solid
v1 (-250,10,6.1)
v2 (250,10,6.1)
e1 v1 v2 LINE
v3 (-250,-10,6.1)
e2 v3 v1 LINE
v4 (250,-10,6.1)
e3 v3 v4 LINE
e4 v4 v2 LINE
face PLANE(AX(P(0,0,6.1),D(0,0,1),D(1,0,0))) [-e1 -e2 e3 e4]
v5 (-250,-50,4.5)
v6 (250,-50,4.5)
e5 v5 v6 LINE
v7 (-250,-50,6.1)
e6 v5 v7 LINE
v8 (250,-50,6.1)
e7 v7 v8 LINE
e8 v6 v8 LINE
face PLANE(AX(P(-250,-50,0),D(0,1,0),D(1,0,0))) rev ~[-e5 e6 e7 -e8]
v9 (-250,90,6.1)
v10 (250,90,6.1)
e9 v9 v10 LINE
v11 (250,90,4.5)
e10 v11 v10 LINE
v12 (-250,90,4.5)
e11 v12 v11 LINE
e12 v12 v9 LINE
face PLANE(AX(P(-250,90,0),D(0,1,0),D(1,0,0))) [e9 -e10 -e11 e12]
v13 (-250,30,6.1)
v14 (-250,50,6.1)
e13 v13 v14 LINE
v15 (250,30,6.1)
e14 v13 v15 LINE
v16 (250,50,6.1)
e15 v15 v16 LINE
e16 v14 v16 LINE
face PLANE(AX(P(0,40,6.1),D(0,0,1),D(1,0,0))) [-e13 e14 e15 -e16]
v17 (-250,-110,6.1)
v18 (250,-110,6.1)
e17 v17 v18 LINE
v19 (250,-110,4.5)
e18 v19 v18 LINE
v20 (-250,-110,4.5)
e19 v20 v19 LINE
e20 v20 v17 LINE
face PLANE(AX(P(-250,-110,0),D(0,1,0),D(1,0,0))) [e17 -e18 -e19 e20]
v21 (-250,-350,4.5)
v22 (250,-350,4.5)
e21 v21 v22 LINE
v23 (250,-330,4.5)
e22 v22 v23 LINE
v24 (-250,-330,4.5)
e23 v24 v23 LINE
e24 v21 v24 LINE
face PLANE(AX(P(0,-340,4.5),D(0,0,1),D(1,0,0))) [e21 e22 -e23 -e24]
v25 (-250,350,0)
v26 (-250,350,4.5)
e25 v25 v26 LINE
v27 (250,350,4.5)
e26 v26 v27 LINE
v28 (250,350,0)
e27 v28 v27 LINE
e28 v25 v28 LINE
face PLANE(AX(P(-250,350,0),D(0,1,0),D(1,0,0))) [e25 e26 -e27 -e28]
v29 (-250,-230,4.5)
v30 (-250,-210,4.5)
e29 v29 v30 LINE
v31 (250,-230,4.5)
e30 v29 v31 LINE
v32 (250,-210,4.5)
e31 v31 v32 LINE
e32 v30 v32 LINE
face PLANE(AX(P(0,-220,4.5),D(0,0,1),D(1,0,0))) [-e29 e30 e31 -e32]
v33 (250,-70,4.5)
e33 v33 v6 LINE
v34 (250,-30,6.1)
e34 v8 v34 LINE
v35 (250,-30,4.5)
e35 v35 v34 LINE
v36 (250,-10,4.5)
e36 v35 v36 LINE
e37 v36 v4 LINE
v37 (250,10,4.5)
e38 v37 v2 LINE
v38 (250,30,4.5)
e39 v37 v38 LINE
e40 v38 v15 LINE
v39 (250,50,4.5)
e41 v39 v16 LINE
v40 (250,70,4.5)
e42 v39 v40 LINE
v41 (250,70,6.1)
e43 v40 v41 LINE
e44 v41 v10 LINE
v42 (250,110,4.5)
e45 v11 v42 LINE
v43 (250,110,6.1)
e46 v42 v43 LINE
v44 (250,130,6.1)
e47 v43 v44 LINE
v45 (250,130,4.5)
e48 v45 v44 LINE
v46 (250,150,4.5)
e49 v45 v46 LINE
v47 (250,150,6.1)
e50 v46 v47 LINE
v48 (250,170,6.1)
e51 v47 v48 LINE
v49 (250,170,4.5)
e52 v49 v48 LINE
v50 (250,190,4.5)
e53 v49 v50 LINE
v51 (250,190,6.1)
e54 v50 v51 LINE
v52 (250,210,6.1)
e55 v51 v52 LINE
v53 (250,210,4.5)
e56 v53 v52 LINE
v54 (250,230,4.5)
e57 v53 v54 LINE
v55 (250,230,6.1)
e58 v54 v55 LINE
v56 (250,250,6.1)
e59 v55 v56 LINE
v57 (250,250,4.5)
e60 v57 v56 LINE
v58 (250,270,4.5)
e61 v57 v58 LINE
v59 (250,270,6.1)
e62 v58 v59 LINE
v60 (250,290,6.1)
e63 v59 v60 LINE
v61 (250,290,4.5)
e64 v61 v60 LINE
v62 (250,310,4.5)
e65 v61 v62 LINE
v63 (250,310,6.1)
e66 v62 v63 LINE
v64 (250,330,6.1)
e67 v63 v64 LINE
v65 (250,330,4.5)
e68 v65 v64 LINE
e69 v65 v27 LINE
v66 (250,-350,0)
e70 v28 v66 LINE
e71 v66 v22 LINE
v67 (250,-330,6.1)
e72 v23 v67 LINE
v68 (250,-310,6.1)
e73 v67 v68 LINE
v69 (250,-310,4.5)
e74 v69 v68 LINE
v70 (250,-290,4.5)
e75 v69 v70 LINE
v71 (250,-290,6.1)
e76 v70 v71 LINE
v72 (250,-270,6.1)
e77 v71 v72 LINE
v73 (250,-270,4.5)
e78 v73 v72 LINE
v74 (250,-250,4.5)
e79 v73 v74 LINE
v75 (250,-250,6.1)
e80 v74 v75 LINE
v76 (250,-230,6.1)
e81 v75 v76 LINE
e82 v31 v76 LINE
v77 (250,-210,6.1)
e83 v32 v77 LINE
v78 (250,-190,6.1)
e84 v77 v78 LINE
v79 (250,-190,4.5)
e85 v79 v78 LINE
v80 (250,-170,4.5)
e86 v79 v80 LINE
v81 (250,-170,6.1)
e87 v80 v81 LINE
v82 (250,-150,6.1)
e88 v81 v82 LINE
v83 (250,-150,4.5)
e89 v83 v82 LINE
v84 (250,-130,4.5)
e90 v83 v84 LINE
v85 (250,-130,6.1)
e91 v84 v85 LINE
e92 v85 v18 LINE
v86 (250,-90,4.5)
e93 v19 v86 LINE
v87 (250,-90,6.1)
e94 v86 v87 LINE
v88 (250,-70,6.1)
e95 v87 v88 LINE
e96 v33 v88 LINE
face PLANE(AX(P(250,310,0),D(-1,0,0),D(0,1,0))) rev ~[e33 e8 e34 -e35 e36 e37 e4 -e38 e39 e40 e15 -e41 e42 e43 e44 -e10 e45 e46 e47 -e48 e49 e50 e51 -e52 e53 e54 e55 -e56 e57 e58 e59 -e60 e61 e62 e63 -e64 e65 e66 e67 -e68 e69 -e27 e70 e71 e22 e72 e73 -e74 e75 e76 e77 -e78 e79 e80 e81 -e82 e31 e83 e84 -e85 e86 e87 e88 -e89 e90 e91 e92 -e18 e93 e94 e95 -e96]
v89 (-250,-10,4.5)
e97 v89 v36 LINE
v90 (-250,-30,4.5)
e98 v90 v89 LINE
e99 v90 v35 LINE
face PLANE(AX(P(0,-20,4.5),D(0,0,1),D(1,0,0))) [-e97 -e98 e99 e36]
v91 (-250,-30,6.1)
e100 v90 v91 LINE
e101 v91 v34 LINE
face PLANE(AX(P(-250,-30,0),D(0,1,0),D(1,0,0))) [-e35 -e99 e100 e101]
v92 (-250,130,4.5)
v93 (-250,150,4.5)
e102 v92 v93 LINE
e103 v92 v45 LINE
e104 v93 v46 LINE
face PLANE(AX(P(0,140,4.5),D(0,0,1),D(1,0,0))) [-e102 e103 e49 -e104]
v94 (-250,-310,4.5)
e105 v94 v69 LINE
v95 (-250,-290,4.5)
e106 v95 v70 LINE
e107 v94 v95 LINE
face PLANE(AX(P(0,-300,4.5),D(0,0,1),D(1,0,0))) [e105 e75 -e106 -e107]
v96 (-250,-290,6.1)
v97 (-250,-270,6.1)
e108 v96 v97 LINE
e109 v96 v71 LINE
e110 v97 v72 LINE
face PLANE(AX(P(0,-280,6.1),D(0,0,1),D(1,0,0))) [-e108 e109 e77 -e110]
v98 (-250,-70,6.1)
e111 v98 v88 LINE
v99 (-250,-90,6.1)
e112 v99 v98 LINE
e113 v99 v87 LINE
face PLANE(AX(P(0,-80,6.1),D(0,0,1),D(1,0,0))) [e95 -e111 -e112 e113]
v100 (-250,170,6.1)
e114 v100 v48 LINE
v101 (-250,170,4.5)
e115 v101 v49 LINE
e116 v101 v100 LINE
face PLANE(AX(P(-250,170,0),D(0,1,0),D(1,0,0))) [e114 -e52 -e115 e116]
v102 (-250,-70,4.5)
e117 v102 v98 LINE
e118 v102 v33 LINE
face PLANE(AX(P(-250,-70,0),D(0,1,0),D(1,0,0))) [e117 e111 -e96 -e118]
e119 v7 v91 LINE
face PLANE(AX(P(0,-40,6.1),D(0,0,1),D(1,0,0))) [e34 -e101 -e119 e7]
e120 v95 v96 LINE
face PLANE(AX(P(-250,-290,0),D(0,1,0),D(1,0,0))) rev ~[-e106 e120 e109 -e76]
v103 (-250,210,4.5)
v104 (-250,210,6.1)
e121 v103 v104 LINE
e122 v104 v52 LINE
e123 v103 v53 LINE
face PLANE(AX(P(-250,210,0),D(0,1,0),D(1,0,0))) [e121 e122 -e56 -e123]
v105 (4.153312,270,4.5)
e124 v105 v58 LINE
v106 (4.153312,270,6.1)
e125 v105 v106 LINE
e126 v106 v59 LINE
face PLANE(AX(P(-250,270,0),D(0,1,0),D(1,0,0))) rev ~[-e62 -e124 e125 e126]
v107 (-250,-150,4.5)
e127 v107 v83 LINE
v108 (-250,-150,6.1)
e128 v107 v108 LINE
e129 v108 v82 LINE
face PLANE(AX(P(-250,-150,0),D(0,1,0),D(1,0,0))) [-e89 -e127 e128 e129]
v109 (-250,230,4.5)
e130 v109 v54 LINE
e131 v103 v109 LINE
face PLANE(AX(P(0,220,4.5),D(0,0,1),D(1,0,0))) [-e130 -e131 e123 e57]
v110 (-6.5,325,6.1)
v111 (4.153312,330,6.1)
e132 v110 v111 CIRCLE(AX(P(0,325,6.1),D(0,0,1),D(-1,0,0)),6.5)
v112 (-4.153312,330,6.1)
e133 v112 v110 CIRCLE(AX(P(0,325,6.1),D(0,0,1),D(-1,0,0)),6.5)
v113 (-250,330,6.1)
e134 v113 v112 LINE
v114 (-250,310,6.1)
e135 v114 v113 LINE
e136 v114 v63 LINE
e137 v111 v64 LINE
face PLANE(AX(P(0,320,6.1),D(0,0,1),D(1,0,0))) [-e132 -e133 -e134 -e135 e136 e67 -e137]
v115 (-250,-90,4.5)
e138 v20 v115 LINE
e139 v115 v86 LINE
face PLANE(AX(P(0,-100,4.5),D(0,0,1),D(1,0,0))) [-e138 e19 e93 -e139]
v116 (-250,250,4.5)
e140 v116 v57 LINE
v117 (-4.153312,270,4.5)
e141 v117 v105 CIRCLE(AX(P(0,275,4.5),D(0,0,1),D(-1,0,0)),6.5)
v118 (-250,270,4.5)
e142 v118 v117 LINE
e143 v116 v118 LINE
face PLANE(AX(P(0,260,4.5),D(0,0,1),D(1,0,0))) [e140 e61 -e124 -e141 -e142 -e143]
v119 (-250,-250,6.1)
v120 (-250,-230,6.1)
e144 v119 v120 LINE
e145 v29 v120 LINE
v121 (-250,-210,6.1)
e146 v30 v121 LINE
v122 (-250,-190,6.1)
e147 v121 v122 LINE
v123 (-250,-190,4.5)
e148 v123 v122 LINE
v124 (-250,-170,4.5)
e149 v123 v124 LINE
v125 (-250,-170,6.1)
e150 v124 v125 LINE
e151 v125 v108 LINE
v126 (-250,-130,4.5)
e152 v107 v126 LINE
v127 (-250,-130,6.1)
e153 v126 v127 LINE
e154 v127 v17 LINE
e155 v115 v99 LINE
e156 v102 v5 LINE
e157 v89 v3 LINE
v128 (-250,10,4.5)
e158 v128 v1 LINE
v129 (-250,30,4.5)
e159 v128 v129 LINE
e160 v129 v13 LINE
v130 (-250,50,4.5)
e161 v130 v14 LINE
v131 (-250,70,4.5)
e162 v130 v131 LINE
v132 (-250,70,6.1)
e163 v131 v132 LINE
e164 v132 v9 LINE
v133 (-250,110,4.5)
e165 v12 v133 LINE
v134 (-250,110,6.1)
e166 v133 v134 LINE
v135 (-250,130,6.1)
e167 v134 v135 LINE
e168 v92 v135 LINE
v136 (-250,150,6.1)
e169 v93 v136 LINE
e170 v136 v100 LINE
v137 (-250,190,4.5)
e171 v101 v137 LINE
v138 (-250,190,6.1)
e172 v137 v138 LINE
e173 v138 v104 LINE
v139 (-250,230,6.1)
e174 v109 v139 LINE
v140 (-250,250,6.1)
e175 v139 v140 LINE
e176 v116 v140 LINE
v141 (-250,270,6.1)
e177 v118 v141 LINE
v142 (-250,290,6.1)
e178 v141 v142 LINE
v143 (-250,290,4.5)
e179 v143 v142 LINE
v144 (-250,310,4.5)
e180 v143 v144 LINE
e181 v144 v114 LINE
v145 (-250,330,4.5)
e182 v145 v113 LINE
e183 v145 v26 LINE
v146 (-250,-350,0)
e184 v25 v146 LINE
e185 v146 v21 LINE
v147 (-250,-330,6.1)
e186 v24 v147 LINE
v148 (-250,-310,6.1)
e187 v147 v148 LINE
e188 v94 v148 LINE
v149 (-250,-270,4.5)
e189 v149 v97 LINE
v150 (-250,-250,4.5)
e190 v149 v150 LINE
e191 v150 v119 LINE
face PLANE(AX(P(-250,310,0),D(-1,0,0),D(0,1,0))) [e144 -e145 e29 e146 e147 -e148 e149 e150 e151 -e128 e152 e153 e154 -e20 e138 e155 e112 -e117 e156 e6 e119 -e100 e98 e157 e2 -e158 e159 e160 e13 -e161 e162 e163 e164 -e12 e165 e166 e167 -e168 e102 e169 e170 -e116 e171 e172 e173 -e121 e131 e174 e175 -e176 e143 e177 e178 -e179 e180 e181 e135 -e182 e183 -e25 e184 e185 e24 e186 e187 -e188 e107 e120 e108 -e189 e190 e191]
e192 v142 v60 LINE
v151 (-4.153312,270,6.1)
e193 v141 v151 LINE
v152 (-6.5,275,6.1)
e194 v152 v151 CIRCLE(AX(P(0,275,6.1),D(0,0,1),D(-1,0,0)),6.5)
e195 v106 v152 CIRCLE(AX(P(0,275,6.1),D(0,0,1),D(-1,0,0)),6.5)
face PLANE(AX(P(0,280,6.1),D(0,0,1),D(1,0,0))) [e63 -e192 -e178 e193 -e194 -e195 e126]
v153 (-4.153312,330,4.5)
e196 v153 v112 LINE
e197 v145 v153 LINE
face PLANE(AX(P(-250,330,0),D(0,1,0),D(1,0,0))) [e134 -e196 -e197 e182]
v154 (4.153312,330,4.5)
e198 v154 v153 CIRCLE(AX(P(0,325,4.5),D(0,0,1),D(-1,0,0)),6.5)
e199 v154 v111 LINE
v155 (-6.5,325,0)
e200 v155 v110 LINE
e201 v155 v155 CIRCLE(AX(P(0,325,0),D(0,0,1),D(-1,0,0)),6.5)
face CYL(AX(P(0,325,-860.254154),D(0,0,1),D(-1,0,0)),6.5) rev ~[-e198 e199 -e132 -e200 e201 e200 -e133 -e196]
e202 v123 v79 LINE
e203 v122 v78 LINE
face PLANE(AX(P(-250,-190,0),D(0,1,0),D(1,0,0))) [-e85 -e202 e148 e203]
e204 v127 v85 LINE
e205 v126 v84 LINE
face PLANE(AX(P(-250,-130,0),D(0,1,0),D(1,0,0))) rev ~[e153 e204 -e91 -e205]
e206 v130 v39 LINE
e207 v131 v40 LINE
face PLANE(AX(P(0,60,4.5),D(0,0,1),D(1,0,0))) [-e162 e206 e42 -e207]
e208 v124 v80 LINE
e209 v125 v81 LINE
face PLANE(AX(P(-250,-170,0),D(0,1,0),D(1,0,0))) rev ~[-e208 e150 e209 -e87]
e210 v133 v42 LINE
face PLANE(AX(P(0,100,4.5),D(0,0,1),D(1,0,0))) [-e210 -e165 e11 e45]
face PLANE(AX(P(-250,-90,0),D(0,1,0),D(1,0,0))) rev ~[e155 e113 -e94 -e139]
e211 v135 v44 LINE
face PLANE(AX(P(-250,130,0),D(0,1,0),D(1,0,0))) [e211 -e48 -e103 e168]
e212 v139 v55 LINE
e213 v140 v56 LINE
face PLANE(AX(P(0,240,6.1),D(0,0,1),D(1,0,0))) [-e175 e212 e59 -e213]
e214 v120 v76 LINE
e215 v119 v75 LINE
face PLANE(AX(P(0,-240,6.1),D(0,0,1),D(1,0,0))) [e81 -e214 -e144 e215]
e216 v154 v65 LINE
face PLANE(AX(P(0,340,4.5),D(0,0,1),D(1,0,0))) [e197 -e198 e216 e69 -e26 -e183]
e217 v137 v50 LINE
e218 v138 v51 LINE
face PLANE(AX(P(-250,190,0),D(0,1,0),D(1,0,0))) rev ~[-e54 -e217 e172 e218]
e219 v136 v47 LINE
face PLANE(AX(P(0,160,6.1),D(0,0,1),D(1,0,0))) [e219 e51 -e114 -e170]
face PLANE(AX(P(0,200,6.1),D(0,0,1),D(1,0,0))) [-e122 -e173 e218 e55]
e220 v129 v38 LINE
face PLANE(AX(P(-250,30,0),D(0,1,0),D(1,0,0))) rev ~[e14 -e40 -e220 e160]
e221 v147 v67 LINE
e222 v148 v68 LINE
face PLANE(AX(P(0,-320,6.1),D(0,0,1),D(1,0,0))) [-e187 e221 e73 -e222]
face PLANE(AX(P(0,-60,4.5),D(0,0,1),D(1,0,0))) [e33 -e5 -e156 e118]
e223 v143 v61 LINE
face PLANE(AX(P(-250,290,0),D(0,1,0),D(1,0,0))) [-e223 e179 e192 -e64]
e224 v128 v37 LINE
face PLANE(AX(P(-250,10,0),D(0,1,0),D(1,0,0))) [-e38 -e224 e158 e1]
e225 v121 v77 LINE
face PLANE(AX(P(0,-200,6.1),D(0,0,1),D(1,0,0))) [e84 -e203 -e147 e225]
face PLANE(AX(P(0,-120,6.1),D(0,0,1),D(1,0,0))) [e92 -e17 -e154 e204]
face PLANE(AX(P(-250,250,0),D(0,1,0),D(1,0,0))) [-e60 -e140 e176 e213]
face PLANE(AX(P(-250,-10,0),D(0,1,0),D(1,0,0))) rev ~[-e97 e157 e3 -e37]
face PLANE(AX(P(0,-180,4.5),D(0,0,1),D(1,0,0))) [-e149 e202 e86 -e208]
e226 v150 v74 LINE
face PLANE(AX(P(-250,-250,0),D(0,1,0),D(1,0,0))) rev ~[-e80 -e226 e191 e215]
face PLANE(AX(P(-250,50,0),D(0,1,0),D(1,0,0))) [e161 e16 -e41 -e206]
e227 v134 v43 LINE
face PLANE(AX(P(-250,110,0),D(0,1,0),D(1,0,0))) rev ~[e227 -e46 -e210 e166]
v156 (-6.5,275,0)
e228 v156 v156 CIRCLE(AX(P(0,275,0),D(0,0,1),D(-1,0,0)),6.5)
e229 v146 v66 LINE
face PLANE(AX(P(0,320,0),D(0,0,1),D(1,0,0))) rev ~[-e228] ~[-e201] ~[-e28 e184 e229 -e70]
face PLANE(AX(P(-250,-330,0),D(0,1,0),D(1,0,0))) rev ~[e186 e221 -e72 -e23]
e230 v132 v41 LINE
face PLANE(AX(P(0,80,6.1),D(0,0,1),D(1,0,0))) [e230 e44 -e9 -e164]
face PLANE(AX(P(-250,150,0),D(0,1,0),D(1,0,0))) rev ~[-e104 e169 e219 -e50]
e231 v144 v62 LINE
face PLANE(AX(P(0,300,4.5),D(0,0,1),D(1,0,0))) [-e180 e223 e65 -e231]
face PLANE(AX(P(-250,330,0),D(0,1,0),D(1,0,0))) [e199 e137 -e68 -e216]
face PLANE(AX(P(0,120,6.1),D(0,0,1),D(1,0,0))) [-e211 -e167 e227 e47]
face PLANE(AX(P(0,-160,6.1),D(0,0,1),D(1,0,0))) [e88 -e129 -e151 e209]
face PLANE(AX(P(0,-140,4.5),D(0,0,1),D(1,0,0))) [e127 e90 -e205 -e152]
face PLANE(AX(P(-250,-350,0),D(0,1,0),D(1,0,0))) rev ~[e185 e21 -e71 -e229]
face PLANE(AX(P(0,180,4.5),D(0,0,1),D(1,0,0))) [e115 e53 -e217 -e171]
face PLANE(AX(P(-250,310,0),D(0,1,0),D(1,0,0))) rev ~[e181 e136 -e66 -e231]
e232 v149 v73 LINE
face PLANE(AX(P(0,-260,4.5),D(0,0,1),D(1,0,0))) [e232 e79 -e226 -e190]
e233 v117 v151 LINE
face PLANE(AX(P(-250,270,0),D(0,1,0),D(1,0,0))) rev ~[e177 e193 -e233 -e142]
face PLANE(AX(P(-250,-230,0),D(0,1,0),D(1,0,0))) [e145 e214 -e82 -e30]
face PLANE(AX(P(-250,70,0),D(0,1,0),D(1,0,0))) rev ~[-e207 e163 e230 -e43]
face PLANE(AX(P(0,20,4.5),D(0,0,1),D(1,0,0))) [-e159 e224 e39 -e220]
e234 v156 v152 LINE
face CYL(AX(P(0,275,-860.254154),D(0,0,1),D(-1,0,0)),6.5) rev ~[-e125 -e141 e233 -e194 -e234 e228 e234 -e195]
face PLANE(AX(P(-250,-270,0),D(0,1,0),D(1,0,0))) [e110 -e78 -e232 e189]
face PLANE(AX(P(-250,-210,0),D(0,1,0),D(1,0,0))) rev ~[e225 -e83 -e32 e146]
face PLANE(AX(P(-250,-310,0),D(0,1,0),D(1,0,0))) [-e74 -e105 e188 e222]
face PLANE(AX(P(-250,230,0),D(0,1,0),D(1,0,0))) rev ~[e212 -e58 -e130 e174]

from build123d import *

# Parameters (mm, degrees)
F0_W     = 500
F0_H     = 20
F1_DEPTH = 4.5
F2_DEPTH = 6.1
F3_D     = 13


with BuildPart() as f1:
    # F0 (on Top) → F1 (new body)
    with BuildSketch(Plane.XY):
        with Locations((0, 340)):
            Rectangle(F0_W, F0_H)
    extrude(amount=F1_DEPTH)



with BuildPart() as f1b:
    # F0 (on Top) → F1, piece 2 (new body)
    with BuildSketch(Plane.XY):
        with Locations((0, 300)):
            Rectangle(F0_W, F0_H)
    extrude(amount=F1_DEPTH)


with BuildPart() as f1c:
    # F0 (on Top) → F1, piece 3 (new body)
    with BuildSketch(Plane.XY):
        with Locations((0, 260)):
            Rectangle(F0_W, F0_H)
    extrude(amount=F1_DEPTH)


with BuildPart() as f1d:
    # F0 (on Top) → F1, piece 4 (new body)
    with BuildSketch(Plane.XY):
        with Locations((0, 220)):
            Rectangle(F0_W, F0_H)
    extrude(amount=F1_DEPTH)


with BuildPart() as f1e:
    # F0 (on Top) → F1, piece 5 (new body)
    with BuildSketch(Plane.XY):
        with Locations((0, 180)):
            Rectangle(F0_W, F0_H)
    extrude(amount=F1_DEPTH)


with BuildPart() as f1f:
    # F0 (on Top) → F1, piece 6 (new body)
    with BuildSketch(Plane.XY):
        with Locations((0, 140)):
            Rectangle(F0_W, F0_H)
    extrude(amount=F1_DEPTH)


with BuildPart() as f1g:
    # F0 (on Top) → F1, piece 7 (new body)
    with BuildSketch(Plane.XY):
        with Locations((0, 100)):
            Rectangle(F0_W, F0_H)
    extrude(amount=F1_DEPTH)


with BuildPart() as f1h:
    # F0 (on Top) → F1, piece 8 (new body)
    with BuildSketch(Plane.XY):
        with Locations((0, 60)):
            Rectangle(F0_W, F0_H)
    extrude(amount=F1_DEPTH)


with BuildPart() as f1i:
    # F0 (on Top) → F1, piece 9 (new body)
    with BuildSketch(Plane.XY):
        with Locations((0, 20)):
            Rectangle(F0_W, F0_H)
    extrude(amount=F1_DEPTH)


with BuildPart() as f1j:
    # F0 (on Top) → F1, piece 10 (new body)
    with BuildSketch(Plane.XY):
        with Locations((0, -20)):
            Rectangle(F0_W, F0_H)
    extrude(amount=F1_DEPTH)


with BuildPart() as f1k:
    # F0 (on Top) → F1, piece 11 (new body)
    with BuildSketch(Plane.XY):
        with Locations((0, -60)):
            Rectangle(F0_W, F0_H)
    extrude(amount=F1_DEPTH)


with BuildPart() as f1l:
    # F0 (on Top) → F1, piece 12 (new body)
    with BuildSketch(Plane.XY):
        with Locations((0, -100)):
            Rectangle(F0_W, F0_H)
    extrude(amount=F1_DEPTH)


with BuildPart() as f1m:
    # F0 (on Top) → F1, piece 13 (new body)
    with BuildSketch(Plane.XY):
        with Locations((0, -140)):
            Rectangle(F0_W, F0_H)
    extrude(amount=F1_DEPTH)


with BuildPart() as f1n:
    # F0 (on Top) → F1, piece 14 (new body)
    with BuildSketch(Plane.XY):
        with Locations((0, -180)):
            Rectangle(F0_W, F0_H)
    extrude(amount=F1_DEPTH)


with BuildPart() as f1o:
    # F0 (on Top) → F1, piece 15 (new body)
    with BuildSketch(Plane.XY):
        with Locations((0, -220)):
            Rectangle(F0_W, F0_H)
    extrude(amount=F1_DEPTH)


with BuildPart() as f1p:
    # F0 (on Top) → F1, piece 16 (new body)
    with BuildSketch(Plane.XY):
        with Locations((0, -260)):
            Rectangle(F0_W, F0_H)
    extrude(amount=F1_DEPTH)


with BuildPart() as f1q:
    # F0 (on Top) → F1, piece 17 (new body)
    with BuildSketch(Plane.XY):
        with Locations((0, -300)):
            Rectangle(F0_W, F0_H)
    extrude(amount=F1_DEPTH)


with BuildPart() as f1r:
    # F0 (on Top) → F1, piece 18 (new body)
    with BuildSketch(Plane.XY):
        with Locations((0, -340)):
            Rectangle(F0_W, F0_H)
    extrude(amount=F1_DEPTH)


with BuildPart() as f1_1:
    add(f1.part)

    add(f1b.part)  # F2 merges F1b

    add(f1c.part)  # F2 merges F1c

    add(f1d.part)  # F2 merges F1d

    add(f1e.part)  # F2 merges F1e

    add(f1f.part)  # F2 merges F1f

    add(f1g.part)  # F2 merges F1g

    add(f1h.part)  # F2 merges F1h

    add(f1i.part)  # F2 merges F1i

    add(f1j.part)  # F2 merges F1j

    add(f1k.part)  # F2 merges F1k

    add(f1l.part)  # F2 merges F1l

    add(f1m.part)  # F2 merges F1m

    add(f1n.part)  # F2 merges F1n

    add(f1o.part)  # F2 merges F1o

    add(f1p.part)  # F2 merges F1p

    add(f1q.part)  # F2 merges F1q

    add(f1r.part)  # F2 merges F1r
    # F0 (on Top) → F2 (join)
    with BuildSketch(Plane.XY):
        with Locations((0, 320)):
            Rectangle(F0_W, F0_H)
        with Locations((0, 280)):
            Rectangle(F0_W, F0_H)
        with Locations((0, 240)):
            Rectangle(F0_W, F0_H)
        with Locations((0, 200)):
            Rectangle(F0_W, F0_H)
        with Locations((0, 160)):
            Rectangle(F0_W, F0_H)
        with Locations((0, 120)):
            Rectangle(F0_W, F0_H)
        with Locations((0, 80)):
            Rectangle(F0_W, F0_H)
        with Locations((0, 40)):
            Rectangle(F0_W, F0_H)
        Rectangle(F0_W, F0_H)
        with Locations((0, -40)):
            Rectangle(F0_W, F0_H)
        with Locations((0, -80)):
            Rectangle(F0_W, F0_H)
        with Locations((0, -120)):
            Rectangle(F0_W, F0_H)
        with Locations((0, -160)):
            Rectangle(F0_W, F0_H)
        with Locations((0, -200)):
            Rectangle(F0_W, F0_H)
        with Locations((0, -240)):
            Rectangle(F0_W, F0_H)
        with Locations((0, -280)):
            Rectangle(F0_W, F0_H)
        with Locations((0, -320)):
            Rectangle(F0_W, F0_H)
    extrude(amount=F2_DEPTH)

    # F3 (through all)
    with Locations(Plane(origin=(0, 0, 0), x_dir=(1, 0, 0), z_dir=(0, 0, -1))):
        with Locations((0, -325), (0, -275)):
            Hole(F3_D / 2)


solid = f1_1.part
